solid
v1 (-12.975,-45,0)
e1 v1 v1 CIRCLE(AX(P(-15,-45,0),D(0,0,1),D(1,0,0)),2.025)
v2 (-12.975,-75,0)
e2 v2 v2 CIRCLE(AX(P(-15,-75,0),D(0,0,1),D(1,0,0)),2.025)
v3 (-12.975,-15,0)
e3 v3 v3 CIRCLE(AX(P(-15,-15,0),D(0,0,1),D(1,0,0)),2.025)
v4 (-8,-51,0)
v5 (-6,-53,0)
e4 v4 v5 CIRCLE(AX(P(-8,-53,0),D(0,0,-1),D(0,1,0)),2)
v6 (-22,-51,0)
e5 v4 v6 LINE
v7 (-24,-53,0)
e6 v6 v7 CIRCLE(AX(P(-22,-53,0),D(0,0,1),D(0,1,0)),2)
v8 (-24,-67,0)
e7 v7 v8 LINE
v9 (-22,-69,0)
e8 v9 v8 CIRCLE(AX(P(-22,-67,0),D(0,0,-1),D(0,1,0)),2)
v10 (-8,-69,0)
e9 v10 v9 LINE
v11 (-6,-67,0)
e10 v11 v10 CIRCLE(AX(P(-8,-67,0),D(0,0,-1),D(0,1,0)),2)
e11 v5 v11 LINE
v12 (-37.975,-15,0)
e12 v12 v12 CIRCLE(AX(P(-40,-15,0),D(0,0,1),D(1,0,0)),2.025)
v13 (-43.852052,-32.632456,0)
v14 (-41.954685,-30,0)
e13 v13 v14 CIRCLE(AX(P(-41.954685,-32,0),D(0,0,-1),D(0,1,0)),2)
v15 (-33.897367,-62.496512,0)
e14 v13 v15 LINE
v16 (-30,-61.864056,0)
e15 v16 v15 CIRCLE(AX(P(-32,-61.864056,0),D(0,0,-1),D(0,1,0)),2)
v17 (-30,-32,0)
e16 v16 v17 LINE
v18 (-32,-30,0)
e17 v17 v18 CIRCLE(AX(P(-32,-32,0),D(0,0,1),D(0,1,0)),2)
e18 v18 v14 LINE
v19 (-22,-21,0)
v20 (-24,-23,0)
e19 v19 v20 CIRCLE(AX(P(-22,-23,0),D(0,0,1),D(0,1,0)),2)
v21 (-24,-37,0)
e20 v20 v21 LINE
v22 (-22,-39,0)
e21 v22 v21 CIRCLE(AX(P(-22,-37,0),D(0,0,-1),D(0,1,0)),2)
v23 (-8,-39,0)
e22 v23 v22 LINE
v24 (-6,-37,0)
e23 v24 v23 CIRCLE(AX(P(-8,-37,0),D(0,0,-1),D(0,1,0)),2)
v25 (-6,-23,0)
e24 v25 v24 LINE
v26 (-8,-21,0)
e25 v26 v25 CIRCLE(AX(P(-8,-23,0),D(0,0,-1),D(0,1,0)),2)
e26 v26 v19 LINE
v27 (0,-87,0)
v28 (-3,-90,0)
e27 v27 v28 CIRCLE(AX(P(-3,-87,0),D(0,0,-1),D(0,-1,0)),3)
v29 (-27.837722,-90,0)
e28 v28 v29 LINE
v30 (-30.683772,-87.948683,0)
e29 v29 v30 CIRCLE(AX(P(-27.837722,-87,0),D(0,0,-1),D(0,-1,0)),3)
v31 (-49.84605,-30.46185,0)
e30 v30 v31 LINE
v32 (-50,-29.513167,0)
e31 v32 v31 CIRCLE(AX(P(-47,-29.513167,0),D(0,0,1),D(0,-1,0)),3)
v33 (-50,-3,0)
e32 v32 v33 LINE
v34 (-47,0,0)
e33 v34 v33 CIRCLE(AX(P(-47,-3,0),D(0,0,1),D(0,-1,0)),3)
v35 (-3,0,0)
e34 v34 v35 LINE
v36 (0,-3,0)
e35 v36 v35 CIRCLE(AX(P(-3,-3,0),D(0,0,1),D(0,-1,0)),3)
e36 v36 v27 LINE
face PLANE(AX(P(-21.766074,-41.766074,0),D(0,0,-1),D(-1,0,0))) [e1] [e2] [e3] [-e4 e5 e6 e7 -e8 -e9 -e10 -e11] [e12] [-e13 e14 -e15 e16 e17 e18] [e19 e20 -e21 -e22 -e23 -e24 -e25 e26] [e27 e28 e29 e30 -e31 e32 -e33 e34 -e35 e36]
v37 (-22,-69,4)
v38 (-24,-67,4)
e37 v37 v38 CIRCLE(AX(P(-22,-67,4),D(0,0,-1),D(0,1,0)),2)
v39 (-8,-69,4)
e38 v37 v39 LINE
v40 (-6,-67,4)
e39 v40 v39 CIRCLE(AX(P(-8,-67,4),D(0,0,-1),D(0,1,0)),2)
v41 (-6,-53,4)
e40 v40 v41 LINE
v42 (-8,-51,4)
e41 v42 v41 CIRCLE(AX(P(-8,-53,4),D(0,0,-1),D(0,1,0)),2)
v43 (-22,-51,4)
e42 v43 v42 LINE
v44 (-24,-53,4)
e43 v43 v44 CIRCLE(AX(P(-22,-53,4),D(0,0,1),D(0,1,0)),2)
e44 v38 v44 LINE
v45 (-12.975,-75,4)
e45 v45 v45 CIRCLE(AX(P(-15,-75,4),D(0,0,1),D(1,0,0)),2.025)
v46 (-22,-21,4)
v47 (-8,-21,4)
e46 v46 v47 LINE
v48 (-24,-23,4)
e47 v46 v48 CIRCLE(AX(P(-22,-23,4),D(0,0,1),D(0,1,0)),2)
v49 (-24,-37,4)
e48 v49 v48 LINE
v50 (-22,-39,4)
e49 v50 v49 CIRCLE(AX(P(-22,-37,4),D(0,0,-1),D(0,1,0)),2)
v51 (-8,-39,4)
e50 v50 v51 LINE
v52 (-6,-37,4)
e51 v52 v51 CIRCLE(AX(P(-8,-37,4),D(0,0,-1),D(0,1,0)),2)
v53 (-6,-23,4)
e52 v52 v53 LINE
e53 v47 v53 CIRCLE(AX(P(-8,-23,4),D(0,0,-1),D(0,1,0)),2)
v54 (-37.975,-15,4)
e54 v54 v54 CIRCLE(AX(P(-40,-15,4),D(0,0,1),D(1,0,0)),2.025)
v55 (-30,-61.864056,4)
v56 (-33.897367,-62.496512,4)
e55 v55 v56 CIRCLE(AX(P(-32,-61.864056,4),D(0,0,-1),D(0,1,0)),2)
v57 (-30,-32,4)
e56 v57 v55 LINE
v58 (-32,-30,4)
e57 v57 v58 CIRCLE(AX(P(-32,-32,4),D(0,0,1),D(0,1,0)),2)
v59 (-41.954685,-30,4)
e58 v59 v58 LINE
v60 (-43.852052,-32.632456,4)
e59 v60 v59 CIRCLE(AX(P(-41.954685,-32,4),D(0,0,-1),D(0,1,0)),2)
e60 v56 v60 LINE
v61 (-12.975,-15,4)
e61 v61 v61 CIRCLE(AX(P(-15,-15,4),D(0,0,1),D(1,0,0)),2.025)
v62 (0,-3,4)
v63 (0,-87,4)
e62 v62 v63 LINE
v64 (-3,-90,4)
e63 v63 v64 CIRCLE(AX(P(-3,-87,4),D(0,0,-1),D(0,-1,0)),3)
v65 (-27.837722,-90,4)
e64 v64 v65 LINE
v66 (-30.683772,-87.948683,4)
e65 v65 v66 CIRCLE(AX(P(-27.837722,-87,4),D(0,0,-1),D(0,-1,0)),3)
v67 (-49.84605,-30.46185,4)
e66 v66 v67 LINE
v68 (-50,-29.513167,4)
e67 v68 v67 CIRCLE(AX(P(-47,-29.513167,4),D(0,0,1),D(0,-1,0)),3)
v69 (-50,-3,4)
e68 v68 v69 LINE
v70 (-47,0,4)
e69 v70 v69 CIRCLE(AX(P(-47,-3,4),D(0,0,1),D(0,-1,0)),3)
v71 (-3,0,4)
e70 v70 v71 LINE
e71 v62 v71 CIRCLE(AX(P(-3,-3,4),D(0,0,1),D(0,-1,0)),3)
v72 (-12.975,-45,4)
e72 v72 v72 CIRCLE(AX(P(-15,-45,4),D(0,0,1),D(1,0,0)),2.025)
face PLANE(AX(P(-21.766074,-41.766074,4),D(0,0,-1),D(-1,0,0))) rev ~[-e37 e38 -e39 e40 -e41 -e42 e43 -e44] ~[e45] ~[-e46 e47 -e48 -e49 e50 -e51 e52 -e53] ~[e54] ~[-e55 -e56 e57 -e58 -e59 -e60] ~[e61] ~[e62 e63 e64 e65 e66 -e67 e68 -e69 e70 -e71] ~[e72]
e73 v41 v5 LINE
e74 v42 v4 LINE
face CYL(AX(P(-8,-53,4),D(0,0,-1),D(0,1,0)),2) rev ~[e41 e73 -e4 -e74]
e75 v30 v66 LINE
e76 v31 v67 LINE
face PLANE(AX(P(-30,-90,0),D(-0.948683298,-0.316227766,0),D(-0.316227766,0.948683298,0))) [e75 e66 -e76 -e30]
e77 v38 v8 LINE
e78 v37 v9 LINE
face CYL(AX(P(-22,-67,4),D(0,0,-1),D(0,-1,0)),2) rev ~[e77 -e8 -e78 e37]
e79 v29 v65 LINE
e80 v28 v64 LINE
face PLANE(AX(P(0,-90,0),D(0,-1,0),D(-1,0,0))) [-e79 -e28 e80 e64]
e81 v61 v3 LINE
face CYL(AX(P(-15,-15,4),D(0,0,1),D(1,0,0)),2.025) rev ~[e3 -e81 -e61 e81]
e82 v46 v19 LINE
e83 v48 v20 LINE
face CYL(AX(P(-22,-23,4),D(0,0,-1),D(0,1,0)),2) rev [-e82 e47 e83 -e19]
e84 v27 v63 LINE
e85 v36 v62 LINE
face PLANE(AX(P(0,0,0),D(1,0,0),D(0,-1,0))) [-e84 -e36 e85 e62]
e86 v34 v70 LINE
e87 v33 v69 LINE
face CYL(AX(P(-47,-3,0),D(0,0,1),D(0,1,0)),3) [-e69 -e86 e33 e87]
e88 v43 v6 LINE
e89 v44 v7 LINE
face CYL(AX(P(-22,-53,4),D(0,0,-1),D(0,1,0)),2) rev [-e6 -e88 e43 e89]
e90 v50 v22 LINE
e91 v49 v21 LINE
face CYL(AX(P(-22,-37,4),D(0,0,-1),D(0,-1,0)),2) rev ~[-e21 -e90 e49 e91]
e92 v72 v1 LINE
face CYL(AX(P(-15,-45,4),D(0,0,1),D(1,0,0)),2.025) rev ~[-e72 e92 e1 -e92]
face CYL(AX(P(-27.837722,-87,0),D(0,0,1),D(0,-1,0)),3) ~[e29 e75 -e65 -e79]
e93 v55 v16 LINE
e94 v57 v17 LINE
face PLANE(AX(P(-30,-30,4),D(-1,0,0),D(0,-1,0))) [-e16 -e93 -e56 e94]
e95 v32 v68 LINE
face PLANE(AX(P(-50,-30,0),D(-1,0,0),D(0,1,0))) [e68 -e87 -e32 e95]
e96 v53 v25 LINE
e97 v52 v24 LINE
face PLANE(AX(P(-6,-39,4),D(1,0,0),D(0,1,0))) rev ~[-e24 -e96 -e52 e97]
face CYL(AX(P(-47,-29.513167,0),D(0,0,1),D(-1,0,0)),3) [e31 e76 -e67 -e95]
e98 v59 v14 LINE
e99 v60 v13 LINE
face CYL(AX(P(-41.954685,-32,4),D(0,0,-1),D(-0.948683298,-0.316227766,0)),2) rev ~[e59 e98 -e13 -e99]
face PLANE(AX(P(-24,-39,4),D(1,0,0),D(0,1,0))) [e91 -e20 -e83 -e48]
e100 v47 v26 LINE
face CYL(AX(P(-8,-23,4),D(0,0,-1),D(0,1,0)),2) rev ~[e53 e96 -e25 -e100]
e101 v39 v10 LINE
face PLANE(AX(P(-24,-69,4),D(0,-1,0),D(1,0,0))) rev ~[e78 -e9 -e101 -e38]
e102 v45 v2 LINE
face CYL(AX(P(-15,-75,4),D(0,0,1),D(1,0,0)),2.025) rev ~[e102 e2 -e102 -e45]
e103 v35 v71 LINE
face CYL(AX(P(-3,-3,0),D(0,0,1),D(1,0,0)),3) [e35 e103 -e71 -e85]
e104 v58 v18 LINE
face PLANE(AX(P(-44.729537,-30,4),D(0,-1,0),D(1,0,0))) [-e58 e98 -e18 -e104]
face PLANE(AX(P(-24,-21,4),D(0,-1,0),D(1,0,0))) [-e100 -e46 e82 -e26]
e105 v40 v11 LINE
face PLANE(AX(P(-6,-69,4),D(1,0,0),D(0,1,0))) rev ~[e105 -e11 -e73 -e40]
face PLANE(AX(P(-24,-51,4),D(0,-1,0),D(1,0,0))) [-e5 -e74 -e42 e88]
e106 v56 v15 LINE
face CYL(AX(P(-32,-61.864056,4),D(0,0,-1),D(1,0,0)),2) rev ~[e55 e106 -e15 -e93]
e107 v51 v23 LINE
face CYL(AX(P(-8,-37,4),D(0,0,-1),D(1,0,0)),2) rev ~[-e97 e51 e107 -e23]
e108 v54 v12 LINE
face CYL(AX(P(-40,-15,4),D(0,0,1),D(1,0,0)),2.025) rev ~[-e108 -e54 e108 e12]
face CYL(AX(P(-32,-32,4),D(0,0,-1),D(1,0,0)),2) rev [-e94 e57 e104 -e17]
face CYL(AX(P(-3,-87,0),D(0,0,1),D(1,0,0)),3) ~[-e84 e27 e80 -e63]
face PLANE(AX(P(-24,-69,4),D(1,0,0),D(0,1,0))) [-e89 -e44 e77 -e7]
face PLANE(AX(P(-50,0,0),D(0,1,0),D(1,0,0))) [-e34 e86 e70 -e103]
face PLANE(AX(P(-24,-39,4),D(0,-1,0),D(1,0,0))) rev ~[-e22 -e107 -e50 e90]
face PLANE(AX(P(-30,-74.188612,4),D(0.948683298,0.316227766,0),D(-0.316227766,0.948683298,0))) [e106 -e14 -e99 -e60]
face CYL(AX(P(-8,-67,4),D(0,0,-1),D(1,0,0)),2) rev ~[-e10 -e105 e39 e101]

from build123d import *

# Parameters (mm, degrees)
EXTRUDE_1_DEPTH     = 4
SKETCH_2_R          = 2.025
CUT_EXTRUDE_1_DEPTH = 5
SKETCH_3_W          = 18
SKETCH_3_H          = 18
CUT_EXTRUDE_2_DEPTH = 5
FILLET_1_R          = 2
FILLET_2_R          = 3


with BuildPart() as part:
    # 草图1 → 凸台-拉伸1 (new body)
    with BuildSketch(Plane.XY):
        Polygon((0, 0), (0, -90), (-30, -90), (-50, -30), (-50, 0), align=None)
    extrude(amount=EXTRUDE_1_DEPTH)

    # 草图2 → 切除-拉伸1 (cut, through all)
    with BuildSketch(Plane.XY.offset(4)):
        with Locations((-15, -75)):
            Circle(SKETCH_2_R)
        with Locations((-15, -45)):
            Circle(SKETCH_2_R)
        with Locations((-15, -15)):
            Circle(SKETCH_2_R)
        with Locations((-40, -15)):
            Circle(SKETCH_2_R)
    extrude(amount=-CUT_EXTRUDE_1_DEPTH, mode=Mode.SUBTRACT)

    # 草图3 → 切除-拉伸2 (cut, through all)
    with BuildSketch(Plane.XY.offset(4)):
        Polygon((-44.729537233, -30), (-30, -30), (-30, -74.188611699), align=None)
        with Locations((-15, -30)):
            Rectangle(SKETCH_3_W, SKETCH_3_H)
        with Locations((-15, -60)):
            Rectangle(SKETCH_3_W, SKETCH_3_H)
    extrude(amount=-CUT_EXTRUDE_2_DEPTH, mode=Mode.SUBTRACT)

    # 圆角1
    fillet_1_edges = [part.edges().sort_by_distance(p)[0] for p in [
        (-30, -74.188611699, 2),
        (-44.729537233, -30, 2),
        (-30, -30, 2),
        (-6, -51, 2),
        (-6, -69, 2),
        (-24, -69, 2),
        (-24, -51, 2),
        (-6, -21, 2),
        (-6, -39, 2),
        (-24, -39, 2),
        (-24, -21, 2),
    ]]
    fillet(fillet_1_edges, radius=FILLET_1_R)

    # 圆角2
    fillet_2_edges = [part.edges().sort_by_distance(p)[0] for p in [
        (0, 0, 2),
        (0, -90, 2),
        (-30, -90, 2),
        (-50, -30, 2),
        (-50, 0, 2),
    ]]
    fillet(fillet_2_edges, radius=FILLET_2_R)


solid = part.part
